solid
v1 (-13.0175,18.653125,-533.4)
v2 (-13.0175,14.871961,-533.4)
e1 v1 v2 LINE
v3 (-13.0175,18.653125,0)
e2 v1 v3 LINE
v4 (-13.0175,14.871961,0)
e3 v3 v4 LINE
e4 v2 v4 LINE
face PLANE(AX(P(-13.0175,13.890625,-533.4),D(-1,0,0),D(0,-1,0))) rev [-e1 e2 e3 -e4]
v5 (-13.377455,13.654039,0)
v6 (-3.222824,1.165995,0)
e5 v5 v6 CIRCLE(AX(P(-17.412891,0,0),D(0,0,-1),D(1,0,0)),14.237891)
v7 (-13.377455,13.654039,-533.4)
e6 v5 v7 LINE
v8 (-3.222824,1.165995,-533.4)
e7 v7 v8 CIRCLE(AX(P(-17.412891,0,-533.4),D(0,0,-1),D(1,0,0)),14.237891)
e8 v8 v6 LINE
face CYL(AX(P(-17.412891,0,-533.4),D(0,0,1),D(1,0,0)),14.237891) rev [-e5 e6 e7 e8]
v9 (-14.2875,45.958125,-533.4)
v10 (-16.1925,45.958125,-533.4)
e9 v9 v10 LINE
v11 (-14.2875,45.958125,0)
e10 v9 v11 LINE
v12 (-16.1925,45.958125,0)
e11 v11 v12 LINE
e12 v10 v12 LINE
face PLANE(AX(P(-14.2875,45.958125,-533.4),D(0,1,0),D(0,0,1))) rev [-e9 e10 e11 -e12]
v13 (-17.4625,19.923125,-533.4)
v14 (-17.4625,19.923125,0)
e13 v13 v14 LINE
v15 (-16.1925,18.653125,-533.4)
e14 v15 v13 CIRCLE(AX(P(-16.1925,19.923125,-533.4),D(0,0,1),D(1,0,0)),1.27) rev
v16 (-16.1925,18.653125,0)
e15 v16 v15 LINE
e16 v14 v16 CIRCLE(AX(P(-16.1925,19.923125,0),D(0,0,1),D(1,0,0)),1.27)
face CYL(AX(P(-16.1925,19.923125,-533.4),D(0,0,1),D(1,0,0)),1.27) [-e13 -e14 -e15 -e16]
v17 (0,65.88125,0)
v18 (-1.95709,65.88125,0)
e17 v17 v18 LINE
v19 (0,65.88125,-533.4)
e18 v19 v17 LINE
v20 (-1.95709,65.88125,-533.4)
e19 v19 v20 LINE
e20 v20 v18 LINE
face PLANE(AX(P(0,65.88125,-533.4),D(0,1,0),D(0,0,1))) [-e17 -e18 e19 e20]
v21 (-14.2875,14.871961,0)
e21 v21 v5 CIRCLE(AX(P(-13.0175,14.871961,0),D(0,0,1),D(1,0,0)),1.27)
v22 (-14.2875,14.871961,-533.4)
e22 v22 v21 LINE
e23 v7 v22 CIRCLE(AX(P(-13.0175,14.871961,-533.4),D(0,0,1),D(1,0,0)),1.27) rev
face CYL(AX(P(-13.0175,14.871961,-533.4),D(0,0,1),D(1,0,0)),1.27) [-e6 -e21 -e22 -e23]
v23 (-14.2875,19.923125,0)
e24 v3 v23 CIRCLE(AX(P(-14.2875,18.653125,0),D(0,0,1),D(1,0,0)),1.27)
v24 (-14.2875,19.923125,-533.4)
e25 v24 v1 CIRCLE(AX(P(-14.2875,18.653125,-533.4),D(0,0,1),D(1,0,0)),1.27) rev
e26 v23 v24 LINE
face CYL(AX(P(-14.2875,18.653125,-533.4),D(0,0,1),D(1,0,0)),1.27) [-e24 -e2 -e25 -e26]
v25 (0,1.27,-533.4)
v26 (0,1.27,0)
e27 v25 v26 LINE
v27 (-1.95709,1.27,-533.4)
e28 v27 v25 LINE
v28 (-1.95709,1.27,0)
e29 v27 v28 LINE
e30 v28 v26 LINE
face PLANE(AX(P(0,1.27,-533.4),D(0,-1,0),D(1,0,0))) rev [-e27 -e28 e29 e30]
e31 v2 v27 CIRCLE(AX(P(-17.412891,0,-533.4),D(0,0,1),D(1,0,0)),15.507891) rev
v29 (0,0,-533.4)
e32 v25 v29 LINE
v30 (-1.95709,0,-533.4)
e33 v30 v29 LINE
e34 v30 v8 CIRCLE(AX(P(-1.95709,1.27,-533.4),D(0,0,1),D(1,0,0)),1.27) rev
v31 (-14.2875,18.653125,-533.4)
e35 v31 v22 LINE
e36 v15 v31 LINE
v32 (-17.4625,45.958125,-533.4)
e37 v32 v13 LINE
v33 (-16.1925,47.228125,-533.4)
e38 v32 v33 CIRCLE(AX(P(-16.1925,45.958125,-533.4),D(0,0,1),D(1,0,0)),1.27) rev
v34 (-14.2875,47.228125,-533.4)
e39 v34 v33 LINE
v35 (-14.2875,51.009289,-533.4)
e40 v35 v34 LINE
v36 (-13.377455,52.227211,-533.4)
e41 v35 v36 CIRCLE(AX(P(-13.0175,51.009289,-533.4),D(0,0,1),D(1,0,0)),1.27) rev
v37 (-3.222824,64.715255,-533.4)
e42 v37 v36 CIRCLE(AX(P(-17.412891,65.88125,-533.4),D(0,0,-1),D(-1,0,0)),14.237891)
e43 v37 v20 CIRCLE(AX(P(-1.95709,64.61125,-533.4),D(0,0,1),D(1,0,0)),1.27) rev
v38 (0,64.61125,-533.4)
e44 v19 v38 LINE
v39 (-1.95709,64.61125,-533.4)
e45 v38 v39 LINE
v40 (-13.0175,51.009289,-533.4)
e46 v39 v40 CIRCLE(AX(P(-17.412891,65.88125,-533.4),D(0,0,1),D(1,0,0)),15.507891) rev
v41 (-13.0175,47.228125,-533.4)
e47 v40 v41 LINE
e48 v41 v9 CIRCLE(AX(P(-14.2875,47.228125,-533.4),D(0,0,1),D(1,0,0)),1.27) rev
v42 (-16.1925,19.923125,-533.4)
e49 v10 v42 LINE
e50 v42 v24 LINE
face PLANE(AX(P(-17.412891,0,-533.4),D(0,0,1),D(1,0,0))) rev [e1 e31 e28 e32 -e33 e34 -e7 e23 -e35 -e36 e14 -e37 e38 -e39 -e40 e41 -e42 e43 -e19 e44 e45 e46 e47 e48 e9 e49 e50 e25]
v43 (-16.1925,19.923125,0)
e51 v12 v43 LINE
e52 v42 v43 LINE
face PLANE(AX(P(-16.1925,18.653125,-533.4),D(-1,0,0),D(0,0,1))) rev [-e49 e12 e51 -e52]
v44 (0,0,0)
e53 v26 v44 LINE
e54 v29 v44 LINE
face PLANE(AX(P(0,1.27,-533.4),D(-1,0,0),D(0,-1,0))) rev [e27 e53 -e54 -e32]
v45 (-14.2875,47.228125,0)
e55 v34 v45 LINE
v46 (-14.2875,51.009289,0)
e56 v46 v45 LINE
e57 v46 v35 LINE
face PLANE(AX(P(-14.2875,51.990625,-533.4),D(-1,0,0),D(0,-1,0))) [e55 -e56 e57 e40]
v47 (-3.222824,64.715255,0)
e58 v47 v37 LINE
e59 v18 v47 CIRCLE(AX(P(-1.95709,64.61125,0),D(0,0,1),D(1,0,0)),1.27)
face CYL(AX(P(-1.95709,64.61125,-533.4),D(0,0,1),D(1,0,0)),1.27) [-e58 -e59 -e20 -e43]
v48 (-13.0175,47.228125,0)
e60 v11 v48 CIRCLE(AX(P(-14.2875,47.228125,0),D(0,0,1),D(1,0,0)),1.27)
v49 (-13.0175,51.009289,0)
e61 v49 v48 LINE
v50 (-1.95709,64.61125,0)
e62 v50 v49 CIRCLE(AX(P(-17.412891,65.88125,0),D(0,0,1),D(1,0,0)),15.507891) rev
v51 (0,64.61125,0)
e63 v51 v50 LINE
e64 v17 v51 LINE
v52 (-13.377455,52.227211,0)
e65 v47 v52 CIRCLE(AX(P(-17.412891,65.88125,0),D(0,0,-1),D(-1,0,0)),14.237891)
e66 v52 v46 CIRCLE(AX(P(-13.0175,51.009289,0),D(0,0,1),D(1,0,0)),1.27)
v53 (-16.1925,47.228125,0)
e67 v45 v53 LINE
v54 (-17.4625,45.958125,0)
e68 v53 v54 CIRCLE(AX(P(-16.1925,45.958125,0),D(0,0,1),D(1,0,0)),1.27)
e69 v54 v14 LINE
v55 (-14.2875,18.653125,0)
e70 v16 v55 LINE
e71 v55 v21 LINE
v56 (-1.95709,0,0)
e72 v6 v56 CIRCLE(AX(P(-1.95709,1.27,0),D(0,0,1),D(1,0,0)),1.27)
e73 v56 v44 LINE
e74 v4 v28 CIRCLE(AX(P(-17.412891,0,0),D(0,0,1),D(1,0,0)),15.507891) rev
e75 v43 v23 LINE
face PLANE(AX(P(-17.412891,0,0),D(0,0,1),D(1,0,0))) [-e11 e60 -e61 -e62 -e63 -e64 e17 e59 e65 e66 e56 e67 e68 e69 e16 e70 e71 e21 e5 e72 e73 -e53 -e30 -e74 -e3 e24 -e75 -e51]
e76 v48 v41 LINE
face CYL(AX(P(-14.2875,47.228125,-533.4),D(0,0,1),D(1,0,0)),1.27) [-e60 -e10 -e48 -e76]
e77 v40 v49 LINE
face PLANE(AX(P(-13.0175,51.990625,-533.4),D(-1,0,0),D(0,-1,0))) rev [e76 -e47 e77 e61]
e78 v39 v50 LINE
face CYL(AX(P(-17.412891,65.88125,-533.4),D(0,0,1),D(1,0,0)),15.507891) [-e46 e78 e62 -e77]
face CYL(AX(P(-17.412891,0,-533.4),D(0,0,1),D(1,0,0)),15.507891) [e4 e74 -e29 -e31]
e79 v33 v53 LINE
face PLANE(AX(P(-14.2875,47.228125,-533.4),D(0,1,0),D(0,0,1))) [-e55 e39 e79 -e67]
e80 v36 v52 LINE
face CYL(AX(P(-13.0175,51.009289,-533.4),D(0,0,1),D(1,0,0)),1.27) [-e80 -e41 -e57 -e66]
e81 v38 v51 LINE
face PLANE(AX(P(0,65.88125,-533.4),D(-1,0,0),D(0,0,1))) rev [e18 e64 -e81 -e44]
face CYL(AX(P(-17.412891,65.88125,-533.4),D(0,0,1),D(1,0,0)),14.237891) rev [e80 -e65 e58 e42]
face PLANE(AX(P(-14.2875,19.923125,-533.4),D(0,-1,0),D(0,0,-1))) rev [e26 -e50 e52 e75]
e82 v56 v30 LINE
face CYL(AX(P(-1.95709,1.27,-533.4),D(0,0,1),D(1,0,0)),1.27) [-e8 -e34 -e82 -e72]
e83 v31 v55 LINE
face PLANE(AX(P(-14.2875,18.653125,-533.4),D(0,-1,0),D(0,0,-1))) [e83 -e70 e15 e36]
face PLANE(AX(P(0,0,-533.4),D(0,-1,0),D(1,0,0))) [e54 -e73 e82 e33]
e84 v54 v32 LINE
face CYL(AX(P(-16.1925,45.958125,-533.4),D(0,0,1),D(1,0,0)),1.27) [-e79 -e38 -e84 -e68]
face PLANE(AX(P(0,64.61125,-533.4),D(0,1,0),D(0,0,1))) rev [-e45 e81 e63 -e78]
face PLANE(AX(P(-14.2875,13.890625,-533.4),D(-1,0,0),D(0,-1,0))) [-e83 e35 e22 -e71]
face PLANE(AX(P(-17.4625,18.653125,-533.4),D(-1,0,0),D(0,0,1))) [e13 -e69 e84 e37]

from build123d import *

# Parameters (mm, degrees)
EXTRUDE_THIN1_DEPTH = 533.4
FILLET1_R           = 1.27


with BuildPart() as part:
    # Sketch1 → Extrude-Thin1 (new body)
    with BuildSketch(Plane.XY):
        with BuildLine():
            Line((0, 0), (-3.175, 0))
            ThreePointArc((-3.175, 0), (-6.294965924, 8.894339761), (-14.2875, 13.890625))
            Line((-14.2875, 13.890625), (-14.2875, 18.653125))
            Line((-14.2875, 18.653125), (-17.4625, 18.653125))
            Line((-17.4625, 18.653125), (-17.4625, 47.228125))
            Line((-17.4625, 47.228125), (-14.2875, 47.228125))
            Line((-14.2875, 47.228125), (-14.2875, 51.990625))
            ThreePointArc((-14.2875, 51.990625), (-6.294965924, 56.986910239), (-3.175, 65.88125))
            Line((-3.175, 65.88125), (0, 65.88125))
            Line((0, 65.88125), (0, 64.61125))
            Line((0, 64.61125), (-1.957090043, 64.61125))
            ThreePointArc((-1.957090043, 64.61125), (-5.380817599, 56.097391338), (-13.0175, 51.009289373))
            Line((-13.0175, 51.009289373), (-13.0175, 45.958125))
            Line((-13.0175, 45.958125), (-16.1925, 45.958125))
            Line((-16.1925, 45.958125), (-16.1925, 19.923125))
            Line((-16.1925, 19.923125), (-13.0175, 19.923125))
            Line((-13.0175, 19.923125), (-13.0175, 14.871960627))
            ThreePointArc((-13.0175, 14.871960627), (-5.380817599, 9.783858662), (-1.957090043, 1.27))
            Line((-1.957090043, 1.27), (0, 1.27))
            Line((0, 1.27), (0, 0))
        make_face()
    extrude(amount=-EXTRUDE_THIN1_DEPTH)

    # Fillet1
    fillet1_edges = [part.edges().sort_by_distance(p)[0] for p in [
        (-3.175, 0, -266.7),
        (-14.2875, 13.890625, -266.7),
        (-17.4625, 18.653125, -266.7),
        (-17.4625, 47.228125, -266.7),
        (-14.2875, 51.990625, -266.7),
        (-3.175, 65.88125, -266.7),
        (-13.0175, 45.958125, -266.7),
        (-13.0175, 19.923125, -266.7),
    ]]
    fillet(fillet1_edges, radius=FILLET1_R)


solid = part.part
